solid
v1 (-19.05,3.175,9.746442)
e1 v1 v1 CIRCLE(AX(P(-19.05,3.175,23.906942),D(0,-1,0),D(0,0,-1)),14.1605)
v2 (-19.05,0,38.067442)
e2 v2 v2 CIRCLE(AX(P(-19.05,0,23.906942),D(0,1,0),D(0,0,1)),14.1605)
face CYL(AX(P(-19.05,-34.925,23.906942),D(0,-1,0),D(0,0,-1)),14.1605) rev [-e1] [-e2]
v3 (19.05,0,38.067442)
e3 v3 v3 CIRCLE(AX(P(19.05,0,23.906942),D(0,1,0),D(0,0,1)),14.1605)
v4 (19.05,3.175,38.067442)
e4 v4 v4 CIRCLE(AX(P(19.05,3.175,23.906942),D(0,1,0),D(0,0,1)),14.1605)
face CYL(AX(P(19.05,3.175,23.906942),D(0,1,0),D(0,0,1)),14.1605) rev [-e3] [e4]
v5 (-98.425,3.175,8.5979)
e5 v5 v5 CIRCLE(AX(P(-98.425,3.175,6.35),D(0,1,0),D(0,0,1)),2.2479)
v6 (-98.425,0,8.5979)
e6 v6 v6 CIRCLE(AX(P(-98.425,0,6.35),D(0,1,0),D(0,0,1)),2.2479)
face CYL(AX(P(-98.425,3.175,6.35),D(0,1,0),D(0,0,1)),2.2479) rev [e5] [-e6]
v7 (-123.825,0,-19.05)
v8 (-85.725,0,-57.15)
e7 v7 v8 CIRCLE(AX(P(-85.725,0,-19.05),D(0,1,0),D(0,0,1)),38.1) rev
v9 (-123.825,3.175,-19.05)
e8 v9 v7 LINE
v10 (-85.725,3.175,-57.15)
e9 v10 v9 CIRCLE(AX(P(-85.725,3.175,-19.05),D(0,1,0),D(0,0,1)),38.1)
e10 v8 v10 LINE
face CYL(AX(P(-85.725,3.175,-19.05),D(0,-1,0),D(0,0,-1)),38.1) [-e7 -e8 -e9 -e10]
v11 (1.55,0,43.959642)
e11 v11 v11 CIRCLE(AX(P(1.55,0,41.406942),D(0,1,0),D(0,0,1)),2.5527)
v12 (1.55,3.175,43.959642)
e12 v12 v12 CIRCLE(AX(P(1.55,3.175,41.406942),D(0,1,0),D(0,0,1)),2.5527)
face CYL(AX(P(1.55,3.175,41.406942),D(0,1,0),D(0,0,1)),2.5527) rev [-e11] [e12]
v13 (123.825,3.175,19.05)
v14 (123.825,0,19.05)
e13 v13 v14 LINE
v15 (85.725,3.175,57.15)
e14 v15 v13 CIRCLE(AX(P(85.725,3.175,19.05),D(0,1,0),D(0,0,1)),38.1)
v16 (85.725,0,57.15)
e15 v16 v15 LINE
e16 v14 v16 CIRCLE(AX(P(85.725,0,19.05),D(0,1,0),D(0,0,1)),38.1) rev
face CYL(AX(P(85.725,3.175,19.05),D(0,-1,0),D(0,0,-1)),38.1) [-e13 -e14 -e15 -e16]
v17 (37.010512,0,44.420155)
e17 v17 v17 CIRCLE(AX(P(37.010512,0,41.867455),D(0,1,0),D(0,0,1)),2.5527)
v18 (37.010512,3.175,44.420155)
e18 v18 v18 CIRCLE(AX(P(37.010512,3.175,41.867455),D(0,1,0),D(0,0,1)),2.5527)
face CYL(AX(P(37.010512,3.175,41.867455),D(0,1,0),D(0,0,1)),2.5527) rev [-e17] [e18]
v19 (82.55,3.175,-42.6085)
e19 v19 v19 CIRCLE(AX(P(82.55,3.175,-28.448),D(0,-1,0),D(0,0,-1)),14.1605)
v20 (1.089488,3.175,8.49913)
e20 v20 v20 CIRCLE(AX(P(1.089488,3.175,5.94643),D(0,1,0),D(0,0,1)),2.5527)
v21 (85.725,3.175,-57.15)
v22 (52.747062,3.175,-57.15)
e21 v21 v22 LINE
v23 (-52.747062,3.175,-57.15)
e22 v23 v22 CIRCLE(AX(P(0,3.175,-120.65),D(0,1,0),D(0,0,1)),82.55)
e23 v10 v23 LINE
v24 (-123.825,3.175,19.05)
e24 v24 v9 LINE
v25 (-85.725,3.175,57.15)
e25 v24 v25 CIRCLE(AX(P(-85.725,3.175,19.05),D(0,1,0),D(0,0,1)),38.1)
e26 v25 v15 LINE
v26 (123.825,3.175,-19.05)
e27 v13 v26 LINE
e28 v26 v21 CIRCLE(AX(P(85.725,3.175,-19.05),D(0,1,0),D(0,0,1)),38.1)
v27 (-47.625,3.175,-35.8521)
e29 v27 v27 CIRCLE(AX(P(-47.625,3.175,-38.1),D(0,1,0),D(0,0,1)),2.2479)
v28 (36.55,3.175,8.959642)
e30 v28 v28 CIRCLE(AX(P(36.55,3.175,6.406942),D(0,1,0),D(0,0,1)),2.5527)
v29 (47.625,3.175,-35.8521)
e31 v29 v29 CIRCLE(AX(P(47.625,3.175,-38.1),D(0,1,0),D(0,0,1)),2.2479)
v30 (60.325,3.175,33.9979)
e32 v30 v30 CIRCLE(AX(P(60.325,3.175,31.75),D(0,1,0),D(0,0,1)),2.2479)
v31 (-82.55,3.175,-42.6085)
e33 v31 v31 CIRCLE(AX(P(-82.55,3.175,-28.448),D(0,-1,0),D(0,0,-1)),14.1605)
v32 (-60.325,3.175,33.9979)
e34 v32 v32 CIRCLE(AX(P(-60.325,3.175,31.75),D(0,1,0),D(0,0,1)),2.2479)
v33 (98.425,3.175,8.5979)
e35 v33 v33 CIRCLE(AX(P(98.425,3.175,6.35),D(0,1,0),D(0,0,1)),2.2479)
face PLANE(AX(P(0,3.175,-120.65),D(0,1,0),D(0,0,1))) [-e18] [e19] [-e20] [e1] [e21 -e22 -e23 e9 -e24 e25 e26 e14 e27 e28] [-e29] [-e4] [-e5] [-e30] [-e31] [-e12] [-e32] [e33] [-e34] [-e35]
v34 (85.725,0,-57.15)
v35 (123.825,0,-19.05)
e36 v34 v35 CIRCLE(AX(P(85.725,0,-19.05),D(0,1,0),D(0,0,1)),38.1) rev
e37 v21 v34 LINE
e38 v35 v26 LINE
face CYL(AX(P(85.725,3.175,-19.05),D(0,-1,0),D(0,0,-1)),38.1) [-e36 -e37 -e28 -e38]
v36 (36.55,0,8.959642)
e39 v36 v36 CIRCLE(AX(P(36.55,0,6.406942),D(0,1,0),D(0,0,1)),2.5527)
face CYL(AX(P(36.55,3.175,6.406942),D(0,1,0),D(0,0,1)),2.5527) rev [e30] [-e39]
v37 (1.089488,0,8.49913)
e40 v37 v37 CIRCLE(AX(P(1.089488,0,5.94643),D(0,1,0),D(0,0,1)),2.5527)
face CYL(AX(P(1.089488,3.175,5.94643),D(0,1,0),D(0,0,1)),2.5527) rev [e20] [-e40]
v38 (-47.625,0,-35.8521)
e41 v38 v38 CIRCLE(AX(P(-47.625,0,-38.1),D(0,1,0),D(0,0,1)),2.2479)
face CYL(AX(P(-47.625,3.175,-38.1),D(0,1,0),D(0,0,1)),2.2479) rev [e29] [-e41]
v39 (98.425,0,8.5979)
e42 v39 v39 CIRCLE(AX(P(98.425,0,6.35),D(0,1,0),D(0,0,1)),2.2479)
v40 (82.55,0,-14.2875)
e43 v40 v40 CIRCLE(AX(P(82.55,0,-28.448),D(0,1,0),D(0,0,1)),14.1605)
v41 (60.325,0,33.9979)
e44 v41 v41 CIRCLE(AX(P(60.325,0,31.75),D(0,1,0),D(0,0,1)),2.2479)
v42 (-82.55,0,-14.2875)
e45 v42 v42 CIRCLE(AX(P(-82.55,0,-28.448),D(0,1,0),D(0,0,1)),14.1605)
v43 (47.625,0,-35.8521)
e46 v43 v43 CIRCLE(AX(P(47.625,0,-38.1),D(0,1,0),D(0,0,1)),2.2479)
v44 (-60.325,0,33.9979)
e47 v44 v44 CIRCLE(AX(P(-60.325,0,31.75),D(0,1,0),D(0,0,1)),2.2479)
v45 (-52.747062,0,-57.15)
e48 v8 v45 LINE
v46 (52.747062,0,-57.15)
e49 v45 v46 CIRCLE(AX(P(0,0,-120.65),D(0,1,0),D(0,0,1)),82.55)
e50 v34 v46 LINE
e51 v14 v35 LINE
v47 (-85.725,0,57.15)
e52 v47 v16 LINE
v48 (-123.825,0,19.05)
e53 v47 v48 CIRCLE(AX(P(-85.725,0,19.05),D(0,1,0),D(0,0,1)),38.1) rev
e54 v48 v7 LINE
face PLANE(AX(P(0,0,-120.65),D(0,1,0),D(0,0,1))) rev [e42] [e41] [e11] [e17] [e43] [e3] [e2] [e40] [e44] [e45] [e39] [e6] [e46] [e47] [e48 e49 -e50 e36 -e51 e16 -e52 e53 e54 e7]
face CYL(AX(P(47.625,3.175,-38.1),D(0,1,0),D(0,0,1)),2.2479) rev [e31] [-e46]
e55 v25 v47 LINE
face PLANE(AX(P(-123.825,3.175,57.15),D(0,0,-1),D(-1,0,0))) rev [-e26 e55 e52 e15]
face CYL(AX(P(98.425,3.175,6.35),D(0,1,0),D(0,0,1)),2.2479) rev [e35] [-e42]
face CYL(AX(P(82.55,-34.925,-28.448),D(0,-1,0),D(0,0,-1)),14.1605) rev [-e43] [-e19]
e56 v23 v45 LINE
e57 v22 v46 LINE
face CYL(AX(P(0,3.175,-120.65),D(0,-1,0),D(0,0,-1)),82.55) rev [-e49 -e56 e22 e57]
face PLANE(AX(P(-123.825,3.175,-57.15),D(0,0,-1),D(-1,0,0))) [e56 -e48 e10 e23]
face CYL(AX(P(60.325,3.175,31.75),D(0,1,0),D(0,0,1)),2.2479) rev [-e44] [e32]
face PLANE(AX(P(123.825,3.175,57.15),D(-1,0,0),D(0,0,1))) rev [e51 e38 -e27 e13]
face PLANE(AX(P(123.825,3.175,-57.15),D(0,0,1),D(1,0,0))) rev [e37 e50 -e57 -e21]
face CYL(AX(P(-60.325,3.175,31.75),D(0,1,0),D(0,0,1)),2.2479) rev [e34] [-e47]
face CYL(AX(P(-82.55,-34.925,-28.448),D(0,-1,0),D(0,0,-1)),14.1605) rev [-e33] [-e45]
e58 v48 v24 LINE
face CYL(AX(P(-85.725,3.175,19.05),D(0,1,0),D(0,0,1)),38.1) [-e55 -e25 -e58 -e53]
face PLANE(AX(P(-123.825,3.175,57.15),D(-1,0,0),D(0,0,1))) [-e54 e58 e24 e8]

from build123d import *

# Parameters (mm, degrees)
BOSS_EXTRUDE1_DEPTH     = 3.175
F_1_1_115_DOWEL_HOLE1_D = 28.321
F_10_CLEARANCE_HOLE1_D  = 5.1054
FILLET1_R               = 38.1
F_1_1_115_DOWEL_HOLE2_D = 28.321
F_8_CLEARANCE_HOLE_D    = 4.4958
F_1_1_115_DOWEL_HOLE3_D = 28.321


with BuildPart() as part:
    # Sketch1 → Boss-Extrude1 (new body)
    with BuildSketch(Plane(origin=(0, 0, 0), x_dir=(1, 0, 0), z_dir=(0, 1, 0))):
        with BuildLine():
            Line((-123.825, -57.15), (123.825, -57.15))
            Line((123.825, -57.15), (123.825, 57.15))
            Line((123.825, 57.15), (52.74706153, 57.15))
            ThreePointArc((52.74706153, 57.15), (0, 38.1), (-52.74706153, 57.15))
            Line((-52.74706153, 57.15), (-123.825, 57.15))
            Line((-123.825, 57.15), (-123.825, -57.15))
        make_face()
    extrude(amount=BOSS_EXTRUDE1_DEPTH)

    # 1 (1.115) Dowel Hole1 (through all)
    with Locations(Plane(origin=(0, 3.175, 0), x_dir=(1, 0, 0), z_dir=(0, 1, 0))):
        with Locations((19.05, -23.906942448)):
            Hole(F_1_1_115_DOWEL_HOLE1_D / 2)

    # #10 Clearance Hole1 (through all)
    with Locations(Plane(origin=(0, 3.175, 0), x_dir=(1, 0, 0), z_dir=(0, 1, 0))):
        with Locations((1.55, -41.406942448), (36.55, -6.406942448), (1.089487758, -5.946430205), (37.010512242, -41.86745469)):
            Hole(F_10_CLEARANCE_HOLE1_D / 2)

    # Fillet1
    fillet1_edges = [part.edges().sort_by_distance(p)[0] for p in [
        (-123.825, 1.5875, -57.15),
        (-123.825, 1.5875, 57.15),
        (123.825, 1.5875, 57.15),
        (123.825, 1.5875, -57.15),
    ]]
    fillet(fillet1_edges, radius=FILLET1_R)

    # 1 (1.115) Dowel Hole2 (through all)
    with Locations(Plane(origin=(0, -34.925, 0), x_dir=(-1, 0, 0), z_dir=(0, -1, 0))):
        with Locations((82.55, 28.448), (-82.55, 28.448)):
            Hole(F_1_1_115_DOWEL_HOLE2_D / 2)

    # #8 Clearance Hole (through all)
    with Locations(Plane(origin=(0, 3.175, 0), x_dir=(1, 0, 0), z_dir=(0, 1, 0))):
        with Locations((-98.425, -6.35), (-60.325, -31.75), (-47.625, 38.1), (47.625, 38.1), (60.325, -31.75), (98.425, -6.35)):
            Hole(F_8_CLEARANCE_HOLE_D / 2)

    # 1 (1.115) Dowel Hole3 (through all)
    with Locations(Plane(origin=(0, -34.925, 0), x_dir=(-1, 0, 0), z_dir=(0, -1, 0))):
        with Locations((19.05, -23.906942448)):
            Hole(F_1_1_115_DOWEL_HOLE3_D / 2)


solid = part.part
